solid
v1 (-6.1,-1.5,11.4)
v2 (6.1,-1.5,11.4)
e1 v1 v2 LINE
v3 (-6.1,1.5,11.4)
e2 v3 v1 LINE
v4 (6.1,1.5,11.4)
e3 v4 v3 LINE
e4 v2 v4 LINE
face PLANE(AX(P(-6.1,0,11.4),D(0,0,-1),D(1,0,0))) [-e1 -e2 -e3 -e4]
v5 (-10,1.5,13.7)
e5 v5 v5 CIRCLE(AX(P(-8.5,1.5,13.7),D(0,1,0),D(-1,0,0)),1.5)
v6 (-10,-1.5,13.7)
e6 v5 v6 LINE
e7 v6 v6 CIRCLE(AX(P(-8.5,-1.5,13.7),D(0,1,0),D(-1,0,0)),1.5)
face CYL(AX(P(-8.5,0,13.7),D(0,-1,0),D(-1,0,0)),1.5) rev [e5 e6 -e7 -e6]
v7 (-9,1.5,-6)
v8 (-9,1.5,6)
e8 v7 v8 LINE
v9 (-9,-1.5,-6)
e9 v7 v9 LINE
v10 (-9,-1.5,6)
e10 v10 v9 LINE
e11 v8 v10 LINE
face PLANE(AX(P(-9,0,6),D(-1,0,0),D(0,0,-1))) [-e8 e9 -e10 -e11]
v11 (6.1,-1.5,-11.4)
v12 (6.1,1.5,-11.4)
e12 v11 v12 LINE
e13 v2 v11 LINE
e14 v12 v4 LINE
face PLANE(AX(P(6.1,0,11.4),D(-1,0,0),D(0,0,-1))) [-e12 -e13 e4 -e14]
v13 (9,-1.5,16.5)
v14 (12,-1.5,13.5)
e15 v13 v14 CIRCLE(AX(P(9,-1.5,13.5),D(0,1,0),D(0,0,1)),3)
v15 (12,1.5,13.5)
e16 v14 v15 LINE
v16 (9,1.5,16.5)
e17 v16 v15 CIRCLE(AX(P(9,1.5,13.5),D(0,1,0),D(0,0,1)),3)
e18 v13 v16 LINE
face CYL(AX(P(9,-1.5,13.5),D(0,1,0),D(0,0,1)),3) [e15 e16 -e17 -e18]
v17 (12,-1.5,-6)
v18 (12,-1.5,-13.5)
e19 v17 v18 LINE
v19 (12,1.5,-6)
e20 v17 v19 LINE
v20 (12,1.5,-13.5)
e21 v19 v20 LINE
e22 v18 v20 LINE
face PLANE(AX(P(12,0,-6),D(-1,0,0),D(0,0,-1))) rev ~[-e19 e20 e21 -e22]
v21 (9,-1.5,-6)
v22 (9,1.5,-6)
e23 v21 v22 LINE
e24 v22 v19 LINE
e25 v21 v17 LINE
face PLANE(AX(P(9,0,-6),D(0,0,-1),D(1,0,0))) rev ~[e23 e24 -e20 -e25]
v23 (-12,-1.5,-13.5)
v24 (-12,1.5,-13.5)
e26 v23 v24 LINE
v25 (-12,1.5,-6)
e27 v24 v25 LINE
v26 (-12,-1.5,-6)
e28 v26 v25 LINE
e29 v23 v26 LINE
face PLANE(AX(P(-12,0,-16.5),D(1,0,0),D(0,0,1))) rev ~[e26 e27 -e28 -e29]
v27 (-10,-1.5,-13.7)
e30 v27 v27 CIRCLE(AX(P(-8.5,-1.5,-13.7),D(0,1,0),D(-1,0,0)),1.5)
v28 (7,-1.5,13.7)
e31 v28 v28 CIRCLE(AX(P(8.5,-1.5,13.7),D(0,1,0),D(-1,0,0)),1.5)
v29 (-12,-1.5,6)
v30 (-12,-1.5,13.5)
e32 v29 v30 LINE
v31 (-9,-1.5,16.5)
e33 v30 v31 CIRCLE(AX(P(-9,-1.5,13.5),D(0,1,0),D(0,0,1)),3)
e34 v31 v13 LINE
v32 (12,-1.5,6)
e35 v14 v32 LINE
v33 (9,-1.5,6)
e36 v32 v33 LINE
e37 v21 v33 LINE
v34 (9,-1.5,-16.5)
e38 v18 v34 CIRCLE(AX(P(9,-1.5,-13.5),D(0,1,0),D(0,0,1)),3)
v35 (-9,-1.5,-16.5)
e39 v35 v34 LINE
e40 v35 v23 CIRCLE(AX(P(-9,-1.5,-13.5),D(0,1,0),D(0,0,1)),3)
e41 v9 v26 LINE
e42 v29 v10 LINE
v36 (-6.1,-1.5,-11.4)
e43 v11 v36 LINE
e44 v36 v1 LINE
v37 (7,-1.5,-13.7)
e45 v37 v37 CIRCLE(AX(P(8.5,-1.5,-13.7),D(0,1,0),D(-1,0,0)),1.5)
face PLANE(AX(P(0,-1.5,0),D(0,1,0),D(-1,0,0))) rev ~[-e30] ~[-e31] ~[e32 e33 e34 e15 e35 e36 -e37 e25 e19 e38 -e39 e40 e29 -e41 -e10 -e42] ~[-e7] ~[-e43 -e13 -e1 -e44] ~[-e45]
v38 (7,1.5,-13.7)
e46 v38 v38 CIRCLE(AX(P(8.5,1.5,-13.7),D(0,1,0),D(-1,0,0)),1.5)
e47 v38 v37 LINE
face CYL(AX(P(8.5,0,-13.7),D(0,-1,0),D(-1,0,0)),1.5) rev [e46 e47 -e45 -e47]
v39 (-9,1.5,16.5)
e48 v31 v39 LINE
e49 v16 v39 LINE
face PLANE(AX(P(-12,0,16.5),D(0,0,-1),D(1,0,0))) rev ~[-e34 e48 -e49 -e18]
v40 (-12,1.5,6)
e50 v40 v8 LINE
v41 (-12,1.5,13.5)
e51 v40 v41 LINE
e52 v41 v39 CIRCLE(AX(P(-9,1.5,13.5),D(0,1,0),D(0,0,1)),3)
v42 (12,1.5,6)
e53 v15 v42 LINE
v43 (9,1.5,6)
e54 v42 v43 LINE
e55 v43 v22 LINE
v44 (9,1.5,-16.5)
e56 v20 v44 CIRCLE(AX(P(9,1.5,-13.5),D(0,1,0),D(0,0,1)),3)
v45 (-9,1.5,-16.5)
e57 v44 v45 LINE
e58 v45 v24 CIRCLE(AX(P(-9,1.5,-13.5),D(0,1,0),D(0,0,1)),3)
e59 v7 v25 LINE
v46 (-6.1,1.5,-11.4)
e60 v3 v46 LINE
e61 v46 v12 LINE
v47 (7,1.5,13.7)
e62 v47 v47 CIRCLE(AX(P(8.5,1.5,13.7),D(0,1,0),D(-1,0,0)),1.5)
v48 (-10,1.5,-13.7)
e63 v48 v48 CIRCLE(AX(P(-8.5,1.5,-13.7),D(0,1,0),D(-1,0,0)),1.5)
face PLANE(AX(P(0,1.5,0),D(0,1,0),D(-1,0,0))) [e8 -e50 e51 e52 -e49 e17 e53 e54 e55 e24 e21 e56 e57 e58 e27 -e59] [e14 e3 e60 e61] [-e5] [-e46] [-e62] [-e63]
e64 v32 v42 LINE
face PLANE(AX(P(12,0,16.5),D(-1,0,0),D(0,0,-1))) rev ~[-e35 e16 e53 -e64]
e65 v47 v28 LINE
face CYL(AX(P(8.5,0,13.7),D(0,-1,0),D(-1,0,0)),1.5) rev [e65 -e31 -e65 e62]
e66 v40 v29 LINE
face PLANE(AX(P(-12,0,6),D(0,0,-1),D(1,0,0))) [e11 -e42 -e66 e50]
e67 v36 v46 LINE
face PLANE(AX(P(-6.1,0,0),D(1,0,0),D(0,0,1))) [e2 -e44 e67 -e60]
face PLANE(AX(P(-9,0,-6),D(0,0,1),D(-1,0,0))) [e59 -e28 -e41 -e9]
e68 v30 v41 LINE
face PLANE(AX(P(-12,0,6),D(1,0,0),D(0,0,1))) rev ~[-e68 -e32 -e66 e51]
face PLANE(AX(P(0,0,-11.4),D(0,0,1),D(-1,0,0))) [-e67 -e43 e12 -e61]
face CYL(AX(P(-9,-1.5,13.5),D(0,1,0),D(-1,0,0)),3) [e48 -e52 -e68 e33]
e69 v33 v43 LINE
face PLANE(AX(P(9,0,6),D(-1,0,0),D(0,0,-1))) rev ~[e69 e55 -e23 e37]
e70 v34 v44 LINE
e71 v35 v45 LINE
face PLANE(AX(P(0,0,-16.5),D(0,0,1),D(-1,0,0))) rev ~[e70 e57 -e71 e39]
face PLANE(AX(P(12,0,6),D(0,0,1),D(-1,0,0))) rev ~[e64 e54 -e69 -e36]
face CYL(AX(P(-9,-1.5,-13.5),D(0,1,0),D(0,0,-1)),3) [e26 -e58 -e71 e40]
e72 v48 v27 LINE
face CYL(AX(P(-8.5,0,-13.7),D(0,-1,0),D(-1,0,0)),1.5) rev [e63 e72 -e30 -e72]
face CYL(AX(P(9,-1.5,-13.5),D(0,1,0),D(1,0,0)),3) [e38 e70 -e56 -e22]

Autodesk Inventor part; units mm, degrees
ref_plane "YZ Plane" through (0, 0, 0) normal (1, 0, 0) x (0, 1, 0)
ref_plane "XZ Plane" through (0, 0, 0) normal (0, 1, 0) x (-1, 0, 0)
ref_plane "XY Plane" through (0, 0, 0) normal (0, 0, 1) x (1, 0, 0)
sketch "草圖1" plane through (0, 0, 0) normal (0, 1, 0) x (-1, 0, 0)
  line L0 (12, 16.5) -> (-12, 16.5)
  line L1 (-12, -16.5) -> (12, -16.5)
  line L2 (12, -16.5) -> (12, 16.5)
  line L3 (6.1, 11.4) -> (-6.1, 11.4)
  line L4 (-6.1, 11.4) -> (-6.1, -11.4)
  line L5 (-6.1, -11.4) -> (6.1, -11.4)
  line L6 (6.1, -11.4) -> (6.1, 11.4)
  circle A0 centre (8.5, 13.7) radius 1.5
  line L7 (12, 6) -> (9, 6)
  line L8 (9, 6) -> (9, -6)
  line L9 (9, -6) -> (12, -6)
  line L10 (12, -6) -> (12, 6)
  line L11 (0, -23.1) -> (0, 23.1) projected
  line L12 (16.8, 0) -> (-16.8, 0) projected
  circle A1 centre (8.5, -13.7) radius 1.5
  circle A2 centre (-8.5, 13.7) radius 1.5
  line L13 (-12, 6) -> (-9, 6)
  line L14 (-9, 6) -> (-9, -6)
  line L15 (-9, -6) -> (-12, -6)
  circle A3 centre (-8.5, -13.7) radius 1.5
  line L16 (-12, 16.5) -> (-12, 6)
  line L17 (-12, -6) -> (-12, -16.5)
  point P0 (0, 0)
  dimension "d0" = 16.5
  dimension "d1" = 33
  dimension "d2" = 24
  dimension "d4" = 12.2
  dimension "d5" = 22.8
  dimension "d6" = 6.1
  dimension "d7" = 11.4
  dimension "d8" = 3
  dimension "d9" = 3.5
  dimension "d10" = 2.8
  dimension "d11" = 12
  dimension "d12" = 3
  dimension "d13" = 6
extrude "擠出1" add sketch "草圖1" along normal mid plane 3 contours L2 L7 L8 L12 L6 L3 L11 L0 | L11 L3 L4 L12 L14 L13 L16 L0 | L2 L1 L11 L5 L6 L12 L8 L9 | L4 L5 L11 L1 L17 L15 L14 L12
fillet "圓角1" radius 3 4 edges at (12, 0, 16.5) (-12, 0, 16.5) (-12, 0, -16.5) (12, 0, -16.5)
properties part number "板子7"
